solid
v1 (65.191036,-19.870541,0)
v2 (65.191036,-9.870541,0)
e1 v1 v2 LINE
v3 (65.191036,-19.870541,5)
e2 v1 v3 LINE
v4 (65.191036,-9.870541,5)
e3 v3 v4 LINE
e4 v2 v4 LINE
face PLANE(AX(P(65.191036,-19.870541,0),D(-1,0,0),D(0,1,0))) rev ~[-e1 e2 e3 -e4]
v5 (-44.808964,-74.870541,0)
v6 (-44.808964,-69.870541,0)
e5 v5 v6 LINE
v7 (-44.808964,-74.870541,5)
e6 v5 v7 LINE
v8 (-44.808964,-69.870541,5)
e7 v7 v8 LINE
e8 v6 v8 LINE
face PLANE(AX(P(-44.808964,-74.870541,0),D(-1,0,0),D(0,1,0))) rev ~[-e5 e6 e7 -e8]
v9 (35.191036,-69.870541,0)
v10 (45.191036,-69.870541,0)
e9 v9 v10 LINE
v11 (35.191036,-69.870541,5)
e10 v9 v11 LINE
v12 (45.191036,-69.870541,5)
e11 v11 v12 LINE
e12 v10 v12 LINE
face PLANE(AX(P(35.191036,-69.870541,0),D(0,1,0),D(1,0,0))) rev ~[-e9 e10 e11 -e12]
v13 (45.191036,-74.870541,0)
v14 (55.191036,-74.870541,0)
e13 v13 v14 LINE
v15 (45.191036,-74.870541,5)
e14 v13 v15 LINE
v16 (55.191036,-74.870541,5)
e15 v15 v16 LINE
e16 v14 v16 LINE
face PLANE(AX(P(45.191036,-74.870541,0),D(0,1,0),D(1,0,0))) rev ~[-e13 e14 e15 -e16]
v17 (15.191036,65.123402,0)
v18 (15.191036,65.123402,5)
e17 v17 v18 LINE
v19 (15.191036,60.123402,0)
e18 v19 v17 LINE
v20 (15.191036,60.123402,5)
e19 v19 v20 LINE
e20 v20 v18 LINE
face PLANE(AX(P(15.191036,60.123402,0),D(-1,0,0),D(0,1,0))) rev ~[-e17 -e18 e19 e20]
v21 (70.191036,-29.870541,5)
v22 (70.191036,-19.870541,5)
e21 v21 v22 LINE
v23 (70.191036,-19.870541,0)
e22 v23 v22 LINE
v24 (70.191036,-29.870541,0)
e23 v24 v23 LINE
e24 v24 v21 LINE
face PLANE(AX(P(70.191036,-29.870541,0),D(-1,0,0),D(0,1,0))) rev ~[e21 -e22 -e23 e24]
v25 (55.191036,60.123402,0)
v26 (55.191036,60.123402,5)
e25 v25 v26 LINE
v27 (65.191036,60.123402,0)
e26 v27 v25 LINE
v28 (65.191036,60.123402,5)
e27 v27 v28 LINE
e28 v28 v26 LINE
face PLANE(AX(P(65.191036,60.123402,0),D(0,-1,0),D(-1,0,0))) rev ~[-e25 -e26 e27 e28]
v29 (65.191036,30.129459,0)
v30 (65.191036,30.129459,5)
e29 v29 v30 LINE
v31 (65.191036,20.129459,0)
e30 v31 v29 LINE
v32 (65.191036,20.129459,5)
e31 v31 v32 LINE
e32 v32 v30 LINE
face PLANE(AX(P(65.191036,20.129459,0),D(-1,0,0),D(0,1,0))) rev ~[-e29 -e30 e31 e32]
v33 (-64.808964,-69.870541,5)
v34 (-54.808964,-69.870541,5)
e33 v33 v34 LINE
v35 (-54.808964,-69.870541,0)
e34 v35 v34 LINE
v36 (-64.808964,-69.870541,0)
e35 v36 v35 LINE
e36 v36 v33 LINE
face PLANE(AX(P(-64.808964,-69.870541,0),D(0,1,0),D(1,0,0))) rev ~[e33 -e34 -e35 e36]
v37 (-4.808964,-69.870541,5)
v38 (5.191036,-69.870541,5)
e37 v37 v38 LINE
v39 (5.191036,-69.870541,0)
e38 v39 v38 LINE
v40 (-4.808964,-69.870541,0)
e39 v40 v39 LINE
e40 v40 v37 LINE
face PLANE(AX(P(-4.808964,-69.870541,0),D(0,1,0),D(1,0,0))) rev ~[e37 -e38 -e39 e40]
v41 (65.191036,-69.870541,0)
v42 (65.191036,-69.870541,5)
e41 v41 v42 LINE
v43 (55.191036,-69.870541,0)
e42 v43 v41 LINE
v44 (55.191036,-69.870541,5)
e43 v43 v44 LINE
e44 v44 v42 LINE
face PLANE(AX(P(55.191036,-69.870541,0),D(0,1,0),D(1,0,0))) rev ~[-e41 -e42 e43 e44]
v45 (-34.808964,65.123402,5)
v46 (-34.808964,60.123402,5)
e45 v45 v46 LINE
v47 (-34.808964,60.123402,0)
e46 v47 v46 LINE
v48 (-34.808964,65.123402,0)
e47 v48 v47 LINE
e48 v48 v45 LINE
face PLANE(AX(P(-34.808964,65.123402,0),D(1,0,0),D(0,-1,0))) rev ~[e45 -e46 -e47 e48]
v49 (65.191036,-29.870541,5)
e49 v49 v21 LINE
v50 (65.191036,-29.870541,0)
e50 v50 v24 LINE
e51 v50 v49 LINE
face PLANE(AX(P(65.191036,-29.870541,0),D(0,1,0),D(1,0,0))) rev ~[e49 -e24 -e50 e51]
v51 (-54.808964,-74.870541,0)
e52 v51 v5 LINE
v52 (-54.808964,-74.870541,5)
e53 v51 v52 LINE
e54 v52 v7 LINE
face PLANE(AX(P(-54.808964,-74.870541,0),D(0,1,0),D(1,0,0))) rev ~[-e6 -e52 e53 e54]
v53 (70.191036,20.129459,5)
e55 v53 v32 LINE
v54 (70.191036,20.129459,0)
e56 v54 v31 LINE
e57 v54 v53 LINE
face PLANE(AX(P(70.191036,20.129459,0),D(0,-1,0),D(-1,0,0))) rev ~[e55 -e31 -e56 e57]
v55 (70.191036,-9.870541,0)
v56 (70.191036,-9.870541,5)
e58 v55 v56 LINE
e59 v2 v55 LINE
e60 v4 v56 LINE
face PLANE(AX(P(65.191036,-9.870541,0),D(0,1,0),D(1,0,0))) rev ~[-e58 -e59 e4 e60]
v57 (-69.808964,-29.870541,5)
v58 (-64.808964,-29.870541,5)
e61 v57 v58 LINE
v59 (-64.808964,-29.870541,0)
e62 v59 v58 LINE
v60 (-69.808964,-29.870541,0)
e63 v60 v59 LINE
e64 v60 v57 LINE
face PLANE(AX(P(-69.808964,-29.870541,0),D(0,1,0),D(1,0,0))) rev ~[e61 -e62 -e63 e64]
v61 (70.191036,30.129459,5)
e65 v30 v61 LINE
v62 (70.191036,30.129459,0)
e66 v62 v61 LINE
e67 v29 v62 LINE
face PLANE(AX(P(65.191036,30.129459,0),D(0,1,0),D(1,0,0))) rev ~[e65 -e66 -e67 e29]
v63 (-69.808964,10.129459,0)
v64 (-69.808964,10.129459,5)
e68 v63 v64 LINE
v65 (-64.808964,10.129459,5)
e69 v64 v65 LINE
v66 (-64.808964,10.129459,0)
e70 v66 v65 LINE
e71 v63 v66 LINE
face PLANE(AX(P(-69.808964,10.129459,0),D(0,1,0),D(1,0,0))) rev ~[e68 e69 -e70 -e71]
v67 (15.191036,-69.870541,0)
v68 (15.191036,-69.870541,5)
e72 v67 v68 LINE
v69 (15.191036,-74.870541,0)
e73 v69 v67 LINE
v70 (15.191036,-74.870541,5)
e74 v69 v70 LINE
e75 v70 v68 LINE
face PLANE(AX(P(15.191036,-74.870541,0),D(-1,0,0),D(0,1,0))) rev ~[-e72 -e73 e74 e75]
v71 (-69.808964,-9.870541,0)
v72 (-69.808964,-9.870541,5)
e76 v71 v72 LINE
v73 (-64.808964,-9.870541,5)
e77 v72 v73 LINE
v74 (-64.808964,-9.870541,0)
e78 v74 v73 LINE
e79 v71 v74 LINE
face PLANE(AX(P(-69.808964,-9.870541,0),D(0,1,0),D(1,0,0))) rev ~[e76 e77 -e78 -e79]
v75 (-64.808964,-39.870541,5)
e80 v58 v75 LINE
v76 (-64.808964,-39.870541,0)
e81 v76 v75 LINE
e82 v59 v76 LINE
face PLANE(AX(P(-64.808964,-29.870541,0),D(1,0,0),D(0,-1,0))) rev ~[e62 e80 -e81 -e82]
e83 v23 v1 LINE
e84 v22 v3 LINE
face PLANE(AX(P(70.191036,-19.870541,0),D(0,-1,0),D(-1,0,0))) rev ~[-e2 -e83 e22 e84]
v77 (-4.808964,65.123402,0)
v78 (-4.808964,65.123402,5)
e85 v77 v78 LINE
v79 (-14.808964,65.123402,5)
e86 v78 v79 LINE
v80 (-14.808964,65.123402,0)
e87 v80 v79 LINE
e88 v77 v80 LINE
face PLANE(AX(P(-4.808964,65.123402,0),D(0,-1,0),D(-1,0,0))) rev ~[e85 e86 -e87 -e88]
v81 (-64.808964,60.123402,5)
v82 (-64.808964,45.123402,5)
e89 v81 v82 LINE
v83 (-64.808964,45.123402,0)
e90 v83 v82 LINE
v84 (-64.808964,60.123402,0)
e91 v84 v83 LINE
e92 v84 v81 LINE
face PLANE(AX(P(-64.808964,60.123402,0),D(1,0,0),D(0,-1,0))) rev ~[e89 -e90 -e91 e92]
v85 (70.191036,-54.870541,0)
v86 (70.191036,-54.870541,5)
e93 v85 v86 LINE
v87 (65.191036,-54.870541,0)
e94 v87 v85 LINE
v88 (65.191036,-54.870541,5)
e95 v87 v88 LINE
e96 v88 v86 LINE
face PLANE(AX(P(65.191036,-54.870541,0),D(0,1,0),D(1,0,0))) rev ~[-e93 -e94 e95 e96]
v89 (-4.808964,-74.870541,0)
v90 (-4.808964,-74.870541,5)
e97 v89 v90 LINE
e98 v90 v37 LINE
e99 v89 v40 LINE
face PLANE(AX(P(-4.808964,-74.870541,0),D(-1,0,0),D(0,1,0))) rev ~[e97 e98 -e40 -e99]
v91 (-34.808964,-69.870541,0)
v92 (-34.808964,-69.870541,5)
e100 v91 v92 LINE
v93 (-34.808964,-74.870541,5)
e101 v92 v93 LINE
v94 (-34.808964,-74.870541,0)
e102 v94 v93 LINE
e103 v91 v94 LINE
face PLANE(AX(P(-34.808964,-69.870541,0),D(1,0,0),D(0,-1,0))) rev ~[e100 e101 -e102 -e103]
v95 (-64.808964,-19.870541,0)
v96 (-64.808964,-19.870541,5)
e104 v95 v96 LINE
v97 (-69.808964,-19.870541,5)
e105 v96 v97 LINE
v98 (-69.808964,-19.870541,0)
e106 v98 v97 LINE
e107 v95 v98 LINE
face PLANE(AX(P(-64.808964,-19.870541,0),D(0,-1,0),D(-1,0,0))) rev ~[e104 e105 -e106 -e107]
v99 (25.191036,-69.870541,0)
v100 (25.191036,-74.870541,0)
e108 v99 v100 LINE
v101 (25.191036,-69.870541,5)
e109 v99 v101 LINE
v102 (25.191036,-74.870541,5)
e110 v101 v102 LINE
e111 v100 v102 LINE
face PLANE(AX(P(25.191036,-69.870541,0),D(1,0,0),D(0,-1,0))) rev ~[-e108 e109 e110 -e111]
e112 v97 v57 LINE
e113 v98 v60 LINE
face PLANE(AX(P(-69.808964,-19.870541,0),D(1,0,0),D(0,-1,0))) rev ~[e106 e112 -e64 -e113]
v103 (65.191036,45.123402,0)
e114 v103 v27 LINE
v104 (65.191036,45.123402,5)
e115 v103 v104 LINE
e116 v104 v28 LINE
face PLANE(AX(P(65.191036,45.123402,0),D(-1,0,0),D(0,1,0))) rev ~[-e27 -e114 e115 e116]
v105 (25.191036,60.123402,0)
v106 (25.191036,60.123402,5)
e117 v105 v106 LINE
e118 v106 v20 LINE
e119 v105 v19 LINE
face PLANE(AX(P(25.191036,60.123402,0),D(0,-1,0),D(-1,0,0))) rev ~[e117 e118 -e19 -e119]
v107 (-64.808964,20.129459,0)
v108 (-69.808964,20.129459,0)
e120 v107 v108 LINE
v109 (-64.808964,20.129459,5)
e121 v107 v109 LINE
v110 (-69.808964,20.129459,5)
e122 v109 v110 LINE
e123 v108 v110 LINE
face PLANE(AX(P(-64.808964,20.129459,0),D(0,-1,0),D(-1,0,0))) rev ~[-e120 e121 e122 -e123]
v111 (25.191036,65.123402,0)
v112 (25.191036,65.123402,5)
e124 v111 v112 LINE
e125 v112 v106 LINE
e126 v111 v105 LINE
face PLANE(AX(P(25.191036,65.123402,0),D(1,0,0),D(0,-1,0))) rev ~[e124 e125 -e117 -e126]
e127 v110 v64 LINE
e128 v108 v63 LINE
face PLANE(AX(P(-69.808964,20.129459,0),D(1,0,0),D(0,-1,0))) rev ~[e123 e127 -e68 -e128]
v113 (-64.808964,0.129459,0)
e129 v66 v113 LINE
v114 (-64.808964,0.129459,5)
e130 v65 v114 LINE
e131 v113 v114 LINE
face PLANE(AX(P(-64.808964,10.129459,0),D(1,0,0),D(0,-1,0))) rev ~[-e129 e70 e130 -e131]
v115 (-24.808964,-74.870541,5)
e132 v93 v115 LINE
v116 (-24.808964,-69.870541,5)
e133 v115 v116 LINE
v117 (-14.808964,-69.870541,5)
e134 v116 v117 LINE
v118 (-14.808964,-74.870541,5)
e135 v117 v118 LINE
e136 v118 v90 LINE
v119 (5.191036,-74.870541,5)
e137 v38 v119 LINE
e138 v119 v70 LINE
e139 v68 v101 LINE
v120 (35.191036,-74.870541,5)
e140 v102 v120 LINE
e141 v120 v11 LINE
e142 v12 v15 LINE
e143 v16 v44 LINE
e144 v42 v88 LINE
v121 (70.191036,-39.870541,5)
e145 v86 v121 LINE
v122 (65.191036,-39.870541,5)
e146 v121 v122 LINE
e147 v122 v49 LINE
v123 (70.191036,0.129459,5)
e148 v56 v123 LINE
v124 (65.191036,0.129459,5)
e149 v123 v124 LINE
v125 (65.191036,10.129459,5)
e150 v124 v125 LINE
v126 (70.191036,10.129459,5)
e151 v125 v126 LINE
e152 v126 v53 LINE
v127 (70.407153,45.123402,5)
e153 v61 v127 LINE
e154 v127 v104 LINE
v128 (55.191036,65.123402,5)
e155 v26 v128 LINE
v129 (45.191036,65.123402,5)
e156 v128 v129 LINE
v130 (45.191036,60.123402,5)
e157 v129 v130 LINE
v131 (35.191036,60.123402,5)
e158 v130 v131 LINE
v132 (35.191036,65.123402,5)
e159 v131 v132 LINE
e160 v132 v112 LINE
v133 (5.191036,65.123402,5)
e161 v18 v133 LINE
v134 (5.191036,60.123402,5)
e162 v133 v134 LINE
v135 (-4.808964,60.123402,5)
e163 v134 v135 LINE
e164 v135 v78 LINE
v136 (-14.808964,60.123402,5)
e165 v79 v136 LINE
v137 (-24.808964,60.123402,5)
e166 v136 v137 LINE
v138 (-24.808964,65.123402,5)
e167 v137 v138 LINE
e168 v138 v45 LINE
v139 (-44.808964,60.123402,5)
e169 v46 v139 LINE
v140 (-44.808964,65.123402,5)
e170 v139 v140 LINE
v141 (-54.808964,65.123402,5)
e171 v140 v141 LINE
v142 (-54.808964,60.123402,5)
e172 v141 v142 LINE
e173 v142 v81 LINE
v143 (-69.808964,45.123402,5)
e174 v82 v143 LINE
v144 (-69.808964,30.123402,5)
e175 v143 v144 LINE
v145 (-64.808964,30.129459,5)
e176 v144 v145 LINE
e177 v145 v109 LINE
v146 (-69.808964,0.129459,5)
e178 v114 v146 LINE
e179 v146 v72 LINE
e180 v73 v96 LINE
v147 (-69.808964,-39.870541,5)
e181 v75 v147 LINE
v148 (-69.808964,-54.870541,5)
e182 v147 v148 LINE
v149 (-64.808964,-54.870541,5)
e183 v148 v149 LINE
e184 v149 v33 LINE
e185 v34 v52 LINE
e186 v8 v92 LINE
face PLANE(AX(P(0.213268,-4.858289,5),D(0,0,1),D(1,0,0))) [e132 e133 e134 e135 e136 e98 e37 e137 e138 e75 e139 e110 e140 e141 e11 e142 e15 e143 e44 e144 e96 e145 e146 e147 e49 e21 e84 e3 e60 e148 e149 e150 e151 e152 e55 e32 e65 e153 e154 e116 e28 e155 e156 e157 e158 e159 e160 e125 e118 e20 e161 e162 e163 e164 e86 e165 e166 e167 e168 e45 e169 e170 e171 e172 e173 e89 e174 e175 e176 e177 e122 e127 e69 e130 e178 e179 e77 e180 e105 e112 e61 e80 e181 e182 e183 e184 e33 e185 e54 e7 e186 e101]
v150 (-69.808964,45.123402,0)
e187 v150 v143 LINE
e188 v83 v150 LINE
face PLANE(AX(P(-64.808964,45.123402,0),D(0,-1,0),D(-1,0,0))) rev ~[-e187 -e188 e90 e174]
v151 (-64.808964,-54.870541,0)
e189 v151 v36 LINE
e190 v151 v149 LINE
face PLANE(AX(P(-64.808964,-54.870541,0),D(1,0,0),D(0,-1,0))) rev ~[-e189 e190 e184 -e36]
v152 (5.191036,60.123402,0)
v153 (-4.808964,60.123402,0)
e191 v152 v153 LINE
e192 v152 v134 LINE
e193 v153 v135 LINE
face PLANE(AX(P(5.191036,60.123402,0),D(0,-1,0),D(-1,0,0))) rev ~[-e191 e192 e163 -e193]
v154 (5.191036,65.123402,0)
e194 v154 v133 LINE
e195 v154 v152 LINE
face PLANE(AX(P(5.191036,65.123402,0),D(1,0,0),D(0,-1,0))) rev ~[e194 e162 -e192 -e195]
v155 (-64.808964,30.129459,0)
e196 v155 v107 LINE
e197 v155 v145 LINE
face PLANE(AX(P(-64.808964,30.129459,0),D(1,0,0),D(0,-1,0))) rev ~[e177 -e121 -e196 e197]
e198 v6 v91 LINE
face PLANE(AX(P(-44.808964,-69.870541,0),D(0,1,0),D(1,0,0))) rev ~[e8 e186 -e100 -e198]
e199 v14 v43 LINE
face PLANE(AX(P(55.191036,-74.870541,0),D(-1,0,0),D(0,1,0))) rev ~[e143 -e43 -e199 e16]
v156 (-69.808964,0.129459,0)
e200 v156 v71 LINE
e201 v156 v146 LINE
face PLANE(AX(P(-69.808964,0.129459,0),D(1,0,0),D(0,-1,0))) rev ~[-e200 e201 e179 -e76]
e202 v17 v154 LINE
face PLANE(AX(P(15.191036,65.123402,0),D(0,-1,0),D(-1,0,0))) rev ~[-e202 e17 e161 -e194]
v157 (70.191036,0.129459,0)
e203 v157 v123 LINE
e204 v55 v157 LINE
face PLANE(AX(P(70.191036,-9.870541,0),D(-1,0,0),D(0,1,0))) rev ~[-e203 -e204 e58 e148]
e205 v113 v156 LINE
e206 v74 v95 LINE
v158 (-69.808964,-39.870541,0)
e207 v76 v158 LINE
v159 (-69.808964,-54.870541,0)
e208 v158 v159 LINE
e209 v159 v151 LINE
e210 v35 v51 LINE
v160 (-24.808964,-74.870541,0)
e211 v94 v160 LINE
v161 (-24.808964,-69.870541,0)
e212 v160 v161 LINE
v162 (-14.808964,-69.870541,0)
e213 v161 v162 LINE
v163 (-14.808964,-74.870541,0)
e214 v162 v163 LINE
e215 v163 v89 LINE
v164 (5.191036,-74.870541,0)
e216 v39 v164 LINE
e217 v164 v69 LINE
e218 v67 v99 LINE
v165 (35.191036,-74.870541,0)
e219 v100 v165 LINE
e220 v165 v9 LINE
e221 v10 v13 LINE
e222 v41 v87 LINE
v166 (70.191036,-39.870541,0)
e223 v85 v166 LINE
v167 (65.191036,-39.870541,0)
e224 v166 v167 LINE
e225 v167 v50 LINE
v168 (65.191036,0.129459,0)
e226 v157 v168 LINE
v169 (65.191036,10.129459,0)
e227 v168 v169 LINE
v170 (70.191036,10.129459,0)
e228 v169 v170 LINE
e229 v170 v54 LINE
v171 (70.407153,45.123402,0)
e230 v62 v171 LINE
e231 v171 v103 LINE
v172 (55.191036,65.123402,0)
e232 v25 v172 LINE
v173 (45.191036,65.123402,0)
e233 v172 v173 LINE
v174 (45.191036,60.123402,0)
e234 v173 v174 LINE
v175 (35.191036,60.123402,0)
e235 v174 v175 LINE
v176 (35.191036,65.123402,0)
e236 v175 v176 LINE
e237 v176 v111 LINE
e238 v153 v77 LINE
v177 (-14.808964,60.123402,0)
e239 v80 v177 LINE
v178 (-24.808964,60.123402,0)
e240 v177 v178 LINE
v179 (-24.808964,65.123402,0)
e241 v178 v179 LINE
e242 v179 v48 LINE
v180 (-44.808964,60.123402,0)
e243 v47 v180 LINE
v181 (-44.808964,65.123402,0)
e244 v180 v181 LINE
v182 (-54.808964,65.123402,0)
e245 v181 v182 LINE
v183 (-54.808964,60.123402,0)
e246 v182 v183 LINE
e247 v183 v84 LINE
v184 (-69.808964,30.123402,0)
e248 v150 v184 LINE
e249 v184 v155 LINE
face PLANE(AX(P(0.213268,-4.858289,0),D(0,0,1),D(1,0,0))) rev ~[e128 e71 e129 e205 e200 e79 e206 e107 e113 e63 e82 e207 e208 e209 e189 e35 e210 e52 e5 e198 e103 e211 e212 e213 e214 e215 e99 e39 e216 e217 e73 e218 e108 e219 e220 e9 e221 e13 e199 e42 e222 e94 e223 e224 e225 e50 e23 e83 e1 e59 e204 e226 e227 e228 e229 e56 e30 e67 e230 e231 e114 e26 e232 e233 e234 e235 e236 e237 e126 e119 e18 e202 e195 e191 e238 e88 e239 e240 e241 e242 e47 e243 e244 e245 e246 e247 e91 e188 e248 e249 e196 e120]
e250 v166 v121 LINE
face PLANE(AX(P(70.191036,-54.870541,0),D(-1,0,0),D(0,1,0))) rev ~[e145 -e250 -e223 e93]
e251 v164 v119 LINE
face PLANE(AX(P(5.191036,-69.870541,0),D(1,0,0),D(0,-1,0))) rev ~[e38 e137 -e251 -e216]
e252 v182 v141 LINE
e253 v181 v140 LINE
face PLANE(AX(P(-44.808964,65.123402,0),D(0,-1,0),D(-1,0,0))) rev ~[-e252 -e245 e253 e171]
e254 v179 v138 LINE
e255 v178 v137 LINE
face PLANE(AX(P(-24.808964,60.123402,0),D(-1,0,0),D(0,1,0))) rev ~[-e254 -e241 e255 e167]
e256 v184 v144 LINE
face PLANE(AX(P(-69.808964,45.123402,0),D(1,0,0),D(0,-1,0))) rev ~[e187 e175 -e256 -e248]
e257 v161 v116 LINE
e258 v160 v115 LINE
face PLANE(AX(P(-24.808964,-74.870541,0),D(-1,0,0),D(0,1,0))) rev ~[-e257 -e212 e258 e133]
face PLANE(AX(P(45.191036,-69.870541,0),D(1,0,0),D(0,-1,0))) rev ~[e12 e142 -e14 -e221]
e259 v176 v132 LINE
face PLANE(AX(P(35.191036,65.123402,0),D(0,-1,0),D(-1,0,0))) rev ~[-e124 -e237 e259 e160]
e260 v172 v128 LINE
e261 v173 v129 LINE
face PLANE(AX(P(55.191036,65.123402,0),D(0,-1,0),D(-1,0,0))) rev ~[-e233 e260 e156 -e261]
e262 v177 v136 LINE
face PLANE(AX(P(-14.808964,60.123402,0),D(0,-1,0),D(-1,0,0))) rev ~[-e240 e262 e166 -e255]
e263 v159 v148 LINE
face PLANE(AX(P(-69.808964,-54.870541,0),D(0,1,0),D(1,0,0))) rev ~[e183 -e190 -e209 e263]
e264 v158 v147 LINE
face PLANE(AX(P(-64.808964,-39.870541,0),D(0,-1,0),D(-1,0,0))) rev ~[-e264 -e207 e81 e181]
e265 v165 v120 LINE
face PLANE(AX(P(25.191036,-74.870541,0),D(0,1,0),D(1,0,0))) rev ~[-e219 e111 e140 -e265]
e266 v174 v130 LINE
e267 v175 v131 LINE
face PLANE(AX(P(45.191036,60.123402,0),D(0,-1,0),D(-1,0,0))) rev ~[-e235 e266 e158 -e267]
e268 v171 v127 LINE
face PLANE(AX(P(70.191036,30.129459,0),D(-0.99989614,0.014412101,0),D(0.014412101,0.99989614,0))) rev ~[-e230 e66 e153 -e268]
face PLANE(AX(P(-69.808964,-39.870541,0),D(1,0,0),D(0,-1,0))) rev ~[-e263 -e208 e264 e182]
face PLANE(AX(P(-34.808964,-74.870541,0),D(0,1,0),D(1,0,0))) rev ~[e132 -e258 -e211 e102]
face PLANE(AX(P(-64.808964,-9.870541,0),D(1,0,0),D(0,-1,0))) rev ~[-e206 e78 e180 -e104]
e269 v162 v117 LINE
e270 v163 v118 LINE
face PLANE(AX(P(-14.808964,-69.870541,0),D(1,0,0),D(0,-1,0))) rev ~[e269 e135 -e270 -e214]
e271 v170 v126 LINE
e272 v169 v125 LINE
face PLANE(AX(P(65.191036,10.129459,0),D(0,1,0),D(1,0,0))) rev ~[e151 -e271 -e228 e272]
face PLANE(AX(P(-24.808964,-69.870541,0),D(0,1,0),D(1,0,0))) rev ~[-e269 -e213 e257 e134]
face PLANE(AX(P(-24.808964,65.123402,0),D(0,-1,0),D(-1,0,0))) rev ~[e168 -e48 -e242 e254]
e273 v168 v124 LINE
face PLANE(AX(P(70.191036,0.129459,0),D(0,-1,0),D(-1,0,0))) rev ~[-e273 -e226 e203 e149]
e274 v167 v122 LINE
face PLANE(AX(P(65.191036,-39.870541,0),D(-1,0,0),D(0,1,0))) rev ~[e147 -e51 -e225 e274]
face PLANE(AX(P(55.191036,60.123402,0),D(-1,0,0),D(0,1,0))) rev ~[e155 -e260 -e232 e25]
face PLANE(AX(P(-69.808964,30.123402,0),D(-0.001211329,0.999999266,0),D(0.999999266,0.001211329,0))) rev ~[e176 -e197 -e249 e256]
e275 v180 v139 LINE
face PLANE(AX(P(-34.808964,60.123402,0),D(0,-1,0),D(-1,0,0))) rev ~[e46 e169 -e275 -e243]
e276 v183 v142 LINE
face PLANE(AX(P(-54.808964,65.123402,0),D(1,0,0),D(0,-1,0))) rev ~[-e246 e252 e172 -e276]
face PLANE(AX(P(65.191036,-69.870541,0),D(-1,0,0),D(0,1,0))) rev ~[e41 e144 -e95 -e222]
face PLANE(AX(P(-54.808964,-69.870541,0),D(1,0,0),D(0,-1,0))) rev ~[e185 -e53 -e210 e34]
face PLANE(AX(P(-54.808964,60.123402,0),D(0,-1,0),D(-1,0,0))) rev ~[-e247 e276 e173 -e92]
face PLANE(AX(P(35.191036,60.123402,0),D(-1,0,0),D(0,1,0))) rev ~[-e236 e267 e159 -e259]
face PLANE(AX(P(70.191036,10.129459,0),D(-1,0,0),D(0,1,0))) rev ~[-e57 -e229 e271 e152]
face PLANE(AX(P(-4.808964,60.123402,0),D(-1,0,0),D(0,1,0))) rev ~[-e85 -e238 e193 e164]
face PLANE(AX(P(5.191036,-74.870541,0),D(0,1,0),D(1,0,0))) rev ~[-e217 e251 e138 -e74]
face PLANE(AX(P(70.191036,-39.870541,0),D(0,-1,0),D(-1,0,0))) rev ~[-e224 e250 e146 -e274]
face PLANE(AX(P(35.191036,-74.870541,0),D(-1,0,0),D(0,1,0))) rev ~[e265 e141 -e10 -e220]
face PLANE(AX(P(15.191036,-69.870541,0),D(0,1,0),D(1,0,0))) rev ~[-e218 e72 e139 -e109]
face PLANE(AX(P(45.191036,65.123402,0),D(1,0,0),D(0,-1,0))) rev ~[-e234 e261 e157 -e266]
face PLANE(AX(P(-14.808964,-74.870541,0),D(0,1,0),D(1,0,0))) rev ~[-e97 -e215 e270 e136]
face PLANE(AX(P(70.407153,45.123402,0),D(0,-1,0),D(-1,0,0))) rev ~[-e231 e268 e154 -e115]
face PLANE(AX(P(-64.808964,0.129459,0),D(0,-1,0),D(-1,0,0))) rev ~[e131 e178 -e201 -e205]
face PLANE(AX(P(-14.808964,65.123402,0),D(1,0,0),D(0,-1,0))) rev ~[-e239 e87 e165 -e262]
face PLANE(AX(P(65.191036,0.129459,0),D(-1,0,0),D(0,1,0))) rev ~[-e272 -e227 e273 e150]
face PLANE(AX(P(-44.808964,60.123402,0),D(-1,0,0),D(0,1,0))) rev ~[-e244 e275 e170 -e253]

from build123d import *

# Parameters (mm, degrees)
BOSS_EXTRUDE2_DEPTH = 5


with BuildPart() as part:
    # Sketch1 → Boss-Extrude2 (new body)
    with BuildSketch(Plane.XY):
        Polygon((-44.808964075, -69.870541313), (-34.808964075, -69.870541313), (-34.808964075, -74.870541313), (-24.808964075, -74.870541313), (-24.808964075, -69.870541313), (-14.808964075, -69.870541313), (-14.808964075, -74.870541313), (-4.808964075, -74.870541313), (-4.808964075, -69.870541313), (5.191035925, -69.870541313), (5.191035925, -74.870541313), (15.191035925, -74.870541313), (15.191035925, -69.870541313), (25.191035925, -69.870541313), (25.191035925, -74.870541313), (35.191035925, -74.870541313), (35.191035925, -69.870541313), (45.191035925, -69.870541313), (45.191035925, -74.870541313), (55.191035925, -74.870541313), (55.191035925, -69.870541313), (65.191035925, -69.870541313), (65.191035925, -54.870541313), (70.191035925, -54.870541313), (70.191035925, -39.870541313), (65.191035925, -39.870541313), (65.191035925, -29.870541313), (70.191035925, -29.870541313), (70.191035925, -19.870541313), (65.191035925, -19.870541313), (65.191035925, -9.870541313), (70.191035925, -9.870541313), (70.191035925, 0.129458687), (65.191035925, 0.129458687), (65.191035925, 10.129458687), (70.191035925, 10.129458687), (70.191035925, 20.129458687), (65.191035925, 20.129458687), (65.191035925, 30.129458687), (70.191035925, 30.129458687), (70.407152599, 45.123402037), (65.191035925, 45.123402037), (65.191035925, 60.123402037), (55.191035925, 60.123402037), (55.191035925, 65.123402037), (45.191035925, 65.123402037), (45.191035925, 60.123402037), (35.191035925, 60.123402037), (35.191035925, 65.123402037), (25.191035925, 65.123402037), (25.191035925, 60.123402037), (15.191035925, 60.123402037), (15.191035925, 65.123402037), (5.191035925, 65.123402037), (5.191035925, 60.123402037), (-4.808964075, 60.123402037), (-4.808964075, 65.123402037), (-14.808964075, 65.123402037), (-14.808964075, 60.123402037), (-24.808964075, 60.123402037), (-24.808964075, 65.123402037), (-34.808964075, 65.123402037), (-34.808964075, 60.123402037), (-44.808964075, 60.123402037), (-44.808964075, 65.123402037), (-54.808964075, 65.123402037), (-54.808964075, 60.123402037), (-64.808964075, 60.123402037), (-64.808964075, 45.123402037), (-69.808964075, 45.123402037), (-69.808964075, 30.123402037), (-64.808964075, 30.129458687), (-64.808964075, 20.129458687), (-69.808964075, 20.129458687), (-69.808964075, 10.129458687), (-64.808964075, 10.129458687), (-64.808964075, 0.129458687), (-69.808964075, 0.129458687), (-69.808964075, -9.870541313), (-64.808964075, -9.870541313), (-64.808964075, -19.870541313), (-69.808964075, -19.870541313), (-69.808964075, -29.870541313), (-64.808964075, -29.870541313), (-64.808964075, -39.870541313), (-69.808964075, -39.870541313), (-69.808964075, -54.870541313), (-64.808964075, -54.870541313), (-64.808964075, -69.870541313), (-54.808964075, -69.870541313), (-54.808964075, -74.870541313), (-44.808964075, -74.870541313), align=None)
    extrude(amount=BOSS_EXTRUDE2_DEPTH)


solid = part.part
